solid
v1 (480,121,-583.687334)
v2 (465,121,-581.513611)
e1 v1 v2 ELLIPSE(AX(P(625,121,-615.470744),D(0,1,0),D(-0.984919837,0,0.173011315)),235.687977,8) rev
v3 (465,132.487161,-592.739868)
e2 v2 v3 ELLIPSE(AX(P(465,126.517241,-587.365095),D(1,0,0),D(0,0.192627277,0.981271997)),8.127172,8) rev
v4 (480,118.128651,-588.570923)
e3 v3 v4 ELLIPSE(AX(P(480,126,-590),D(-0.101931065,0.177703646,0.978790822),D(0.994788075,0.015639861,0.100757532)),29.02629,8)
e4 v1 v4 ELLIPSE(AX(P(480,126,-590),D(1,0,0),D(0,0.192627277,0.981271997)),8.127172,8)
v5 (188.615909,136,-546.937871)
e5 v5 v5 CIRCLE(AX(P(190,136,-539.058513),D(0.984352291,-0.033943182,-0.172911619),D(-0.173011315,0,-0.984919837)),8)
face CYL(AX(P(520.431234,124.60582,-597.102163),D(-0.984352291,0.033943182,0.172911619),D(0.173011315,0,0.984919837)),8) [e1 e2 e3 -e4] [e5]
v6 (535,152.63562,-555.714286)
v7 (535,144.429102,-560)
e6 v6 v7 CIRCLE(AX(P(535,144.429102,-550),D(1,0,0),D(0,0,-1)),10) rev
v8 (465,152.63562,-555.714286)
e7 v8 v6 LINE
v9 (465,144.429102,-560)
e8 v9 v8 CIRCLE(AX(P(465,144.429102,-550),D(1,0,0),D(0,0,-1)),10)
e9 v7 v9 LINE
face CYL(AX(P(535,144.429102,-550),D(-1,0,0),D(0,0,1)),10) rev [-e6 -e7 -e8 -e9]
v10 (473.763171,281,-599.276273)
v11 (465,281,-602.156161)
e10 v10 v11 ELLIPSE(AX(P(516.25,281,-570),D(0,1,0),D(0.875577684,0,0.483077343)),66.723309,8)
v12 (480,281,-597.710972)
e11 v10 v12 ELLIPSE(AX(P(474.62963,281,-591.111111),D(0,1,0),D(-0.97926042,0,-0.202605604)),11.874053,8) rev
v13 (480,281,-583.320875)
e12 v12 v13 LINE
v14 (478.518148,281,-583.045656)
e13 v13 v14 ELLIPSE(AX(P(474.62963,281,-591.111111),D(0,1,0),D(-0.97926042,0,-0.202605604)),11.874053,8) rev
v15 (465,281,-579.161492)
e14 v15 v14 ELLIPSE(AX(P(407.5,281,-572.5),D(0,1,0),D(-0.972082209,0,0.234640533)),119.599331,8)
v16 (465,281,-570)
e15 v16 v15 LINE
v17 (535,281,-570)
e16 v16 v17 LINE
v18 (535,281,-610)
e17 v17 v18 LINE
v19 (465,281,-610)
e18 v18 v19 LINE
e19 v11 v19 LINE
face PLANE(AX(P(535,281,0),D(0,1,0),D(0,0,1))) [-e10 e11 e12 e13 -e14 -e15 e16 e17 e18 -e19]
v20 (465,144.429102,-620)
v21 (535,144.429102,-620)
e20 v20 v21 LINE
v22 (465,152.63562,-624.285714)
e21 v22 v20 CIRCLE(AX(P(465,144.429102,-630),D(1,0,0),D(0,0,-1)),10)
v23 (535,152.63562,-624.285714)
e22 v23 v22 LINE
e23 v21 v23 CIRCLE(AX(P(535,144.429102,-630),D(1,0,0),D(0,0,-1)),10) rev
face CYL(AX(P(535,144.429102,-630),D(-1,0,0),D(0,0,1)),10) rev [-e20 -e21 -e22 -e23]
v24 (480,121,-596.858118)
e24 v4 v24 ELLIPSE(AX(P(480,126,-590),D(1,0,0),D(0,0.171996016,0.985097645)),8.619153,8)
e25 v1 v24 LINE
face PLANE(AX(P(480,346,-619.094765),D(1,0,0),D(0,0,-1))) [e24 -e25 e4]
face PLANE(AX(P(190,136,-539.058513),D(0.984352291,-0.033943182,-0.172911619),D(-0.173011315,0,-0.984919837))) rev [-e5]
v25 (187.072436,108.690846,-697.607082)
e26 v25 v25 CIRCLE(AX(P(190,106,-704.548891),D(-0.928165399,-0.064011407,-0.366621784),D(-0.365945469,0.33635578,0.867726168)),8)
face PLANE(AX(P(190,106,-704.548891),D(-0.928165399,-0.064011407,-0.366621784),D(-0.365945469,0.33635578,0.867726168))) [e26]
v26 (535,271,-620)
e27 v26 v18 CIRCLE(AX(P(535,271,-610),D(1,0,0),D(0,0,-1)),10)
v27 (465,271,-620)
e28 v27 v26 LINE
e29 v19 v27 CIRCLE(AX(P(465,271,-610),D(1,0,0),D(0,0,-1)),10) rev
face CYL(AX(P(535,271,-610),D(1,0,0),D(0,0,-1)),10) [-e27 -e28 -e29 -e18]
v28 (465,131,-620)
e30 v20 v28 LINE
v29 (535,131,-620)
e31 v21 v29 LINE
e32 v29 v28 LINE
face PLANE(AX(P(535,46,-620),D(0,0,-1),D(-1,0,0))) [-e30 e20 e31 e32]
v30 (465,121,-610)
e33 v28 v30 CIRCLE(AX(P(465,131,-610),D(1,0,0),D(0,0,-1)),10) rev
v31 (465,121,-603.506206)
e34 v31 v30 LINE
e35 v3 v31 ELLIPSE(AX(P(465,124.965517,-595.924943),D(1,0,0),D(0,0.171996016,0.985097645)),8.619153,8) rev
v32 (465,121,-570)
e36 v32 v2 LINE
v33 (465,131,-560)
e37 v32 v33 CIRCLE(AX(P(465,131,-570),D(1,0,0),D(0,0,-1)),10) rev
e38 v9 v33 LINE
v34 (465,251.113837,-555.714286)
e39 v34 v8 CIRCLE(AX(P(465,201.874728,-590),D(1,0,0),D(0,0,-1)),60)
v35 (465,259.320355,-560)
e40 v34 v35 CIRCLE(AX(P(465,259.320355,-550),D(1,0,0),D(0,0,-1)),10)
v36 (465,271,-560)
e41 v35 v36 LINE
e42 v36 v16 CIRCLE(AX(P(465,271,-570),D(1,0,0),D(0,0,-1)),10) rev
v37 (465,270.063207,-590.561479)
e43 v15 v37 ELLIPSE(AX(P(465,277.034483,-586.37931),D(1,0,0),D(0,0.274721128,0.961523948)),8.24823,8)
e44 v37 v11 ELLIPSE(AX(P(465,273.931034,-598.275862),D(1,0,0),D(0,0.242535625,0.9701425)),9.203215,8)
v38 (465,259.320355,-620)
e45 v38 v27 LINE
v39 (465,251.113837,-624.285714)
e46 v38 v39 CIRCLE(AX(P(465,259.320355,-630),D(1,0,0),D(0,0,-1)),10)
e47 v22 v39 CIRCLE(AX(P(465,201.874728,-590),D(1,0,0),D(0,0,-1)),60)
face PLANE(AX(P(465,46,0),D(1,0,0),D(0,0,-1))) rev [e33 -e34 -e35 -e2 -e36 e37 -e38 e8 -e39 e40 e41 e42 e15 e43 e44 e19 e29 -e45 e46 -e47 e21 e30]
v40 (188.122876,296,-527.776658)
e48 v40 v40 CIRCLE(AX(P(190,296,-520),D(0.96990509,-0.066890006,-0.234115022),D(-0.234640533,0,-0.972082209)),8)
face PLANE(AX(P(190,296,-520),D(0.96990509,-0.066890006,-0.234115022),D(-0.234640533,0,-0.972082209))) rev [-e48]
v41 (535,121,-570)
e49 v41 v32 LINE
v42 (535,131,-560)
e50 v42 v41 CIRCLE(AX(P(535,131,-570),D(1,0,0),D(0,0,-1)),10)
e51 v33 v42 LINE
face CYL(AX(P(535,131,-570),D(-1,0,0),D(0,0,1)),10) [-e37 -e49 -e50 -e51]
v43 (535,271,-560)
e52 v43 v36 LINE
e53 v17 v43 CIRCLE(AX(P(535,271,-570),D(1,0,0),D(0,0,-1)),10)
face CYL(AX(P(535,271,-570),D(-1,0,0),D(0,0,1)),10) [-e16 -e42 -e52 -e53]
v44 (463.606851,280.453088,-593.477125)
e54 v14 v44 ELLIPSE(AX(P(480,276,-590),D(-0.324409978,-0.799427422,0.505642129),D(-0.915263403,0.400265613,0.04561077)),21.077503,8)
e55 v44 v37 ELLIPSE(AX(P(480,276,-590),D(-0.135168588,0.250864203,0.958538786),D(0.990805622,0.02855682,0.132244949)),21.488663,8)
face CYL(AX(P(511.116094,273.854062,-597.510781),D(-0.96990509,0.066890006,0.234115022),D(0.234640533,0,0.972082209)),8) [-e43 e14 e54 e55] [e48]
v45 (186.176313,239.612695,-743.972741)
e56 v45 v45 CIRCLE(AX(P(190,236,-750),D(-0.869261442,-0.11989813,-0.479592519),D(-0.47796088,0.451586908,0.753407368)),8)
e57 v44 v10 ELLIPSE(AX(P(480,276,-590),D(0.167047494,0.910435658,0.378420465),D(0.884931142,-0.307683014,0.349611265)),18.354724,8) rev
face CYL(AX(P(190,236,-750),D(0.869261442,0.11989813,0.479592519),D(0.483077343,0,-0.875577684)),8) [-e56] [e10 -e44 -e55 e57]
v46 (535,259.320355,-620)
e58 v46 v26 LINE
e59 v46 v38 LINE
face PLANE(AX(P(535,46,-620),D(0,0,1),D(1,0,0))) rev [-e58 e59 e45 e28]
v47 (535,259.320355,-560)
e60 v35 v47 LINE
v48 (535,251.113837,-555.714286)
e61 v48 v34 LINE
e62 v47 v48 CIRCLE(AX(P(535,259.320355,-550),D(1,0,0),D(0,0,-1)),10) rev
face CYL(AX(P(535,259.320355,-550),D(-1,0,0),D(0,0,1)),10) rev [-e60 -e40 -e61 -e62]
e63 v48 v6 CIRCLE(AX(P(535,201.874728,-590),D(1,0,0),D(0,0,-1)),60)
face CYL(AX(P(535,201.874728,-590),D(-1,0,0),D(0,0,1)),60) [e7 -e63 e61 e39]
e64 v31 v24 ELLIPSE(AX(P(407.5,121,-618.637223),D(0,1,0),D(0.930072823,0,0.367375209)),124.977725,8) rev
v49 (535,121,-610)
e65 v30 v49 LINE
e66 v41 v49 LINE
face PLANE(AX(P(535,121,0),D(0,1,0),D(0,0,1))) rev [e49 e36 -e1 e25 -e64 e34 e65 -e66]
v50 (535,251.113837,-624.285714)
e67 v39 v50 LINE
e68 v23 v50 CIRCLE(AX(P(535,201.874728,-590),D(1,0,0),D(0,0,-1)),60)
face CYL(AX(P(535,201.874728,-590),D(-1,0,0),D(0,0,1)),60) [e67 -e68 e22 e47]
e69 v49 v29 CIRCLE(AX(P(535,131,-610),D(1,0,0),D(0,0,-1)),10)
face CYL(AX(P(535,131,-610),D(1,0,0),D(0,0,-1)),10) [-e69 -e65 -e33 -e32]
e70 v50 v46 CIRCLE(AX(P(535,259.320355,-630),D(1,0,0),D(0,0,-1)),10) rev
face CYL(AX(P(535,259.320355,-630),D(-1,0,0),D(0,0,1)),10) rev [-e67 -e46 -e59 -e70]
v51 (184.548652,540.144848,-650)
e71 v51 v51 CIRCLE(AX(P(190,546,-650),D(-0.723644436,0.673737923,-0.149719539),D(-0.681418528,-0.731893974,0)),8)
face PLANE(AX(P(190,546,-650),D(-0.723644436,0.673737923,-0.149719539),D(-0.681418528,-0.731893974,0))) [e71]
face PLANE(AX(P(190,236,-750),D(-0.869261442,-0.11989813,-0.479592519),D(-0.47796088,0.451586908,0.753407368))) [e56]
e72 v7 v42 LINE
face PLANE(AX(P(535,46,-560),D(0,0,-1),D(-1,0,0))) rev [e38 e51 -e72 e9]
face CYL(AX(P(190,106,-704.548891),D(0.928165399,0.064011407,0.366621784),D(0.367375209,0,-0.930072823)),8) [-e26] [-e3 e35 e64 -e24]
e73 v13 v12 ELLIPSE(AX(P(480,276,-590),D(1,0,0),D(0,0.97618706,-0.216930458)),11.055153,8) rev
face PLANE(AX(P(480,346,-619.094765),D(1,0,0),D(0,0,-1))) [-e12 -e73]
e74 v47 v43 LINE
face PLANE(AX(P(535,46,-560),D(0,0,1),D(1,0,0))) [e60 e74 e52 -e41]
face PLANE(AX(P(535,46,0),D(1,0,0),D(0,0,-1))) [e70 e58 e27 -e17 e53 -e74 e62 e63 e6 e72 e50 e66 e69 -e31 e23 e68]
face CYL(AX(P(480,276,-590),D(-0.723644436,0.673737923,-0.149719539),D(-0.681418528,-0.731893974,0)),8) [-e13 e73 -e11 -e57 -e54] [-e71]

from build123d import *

# Parameters (mm, degrees)
SWEEP3_PROFILE_R    = 8
SWEEP4_PROFILE_R    = 8
SWEEP6_PROFILE_R    = 8
SKETCH80_W          = 50
SKETCH80_H          = 57.849509876
CUT_EXTRUDE1_DEPTH  = 300
SKETCH81_R          = 60
BOSS_EXTRUDE1_DEPTH = 70
FILLET1_R           = 10


with BuildPart() as part:
    # Sweep3: sweep along a curve in space
    with BuildLine() as sweep3_path:
        Line((480, 230, -590), (190, 190, -750))
        Line((480, 230, -590), (190, 250, -520))
    # Sweep3 profile (on start of the path) → Sweep3 (sweep)
    with BuildSketch(Plane(origin=(190, 250, -520), x_dir=(0.2346405331038965, 0, 0.9720822085732871), z_dir=(0.9699050900314443, -0.06689000620906493, -0.23411502173172755))):
        Circle(SWEEP3_PROFILE_R)
    sweep(path=sweep3_path.line, transition=Transition.RIGHT)

    # Sweep4: sweep along a curve in space
    with BuildLine() as sweep4_path:
        Line((480, 230, -590), (190, 500, -650))
    # Sweep4 profile (on start of the path) → Sweep4 (sweep)
    with BuildSketch(Plane(origin=(480, 230, -590), x_dir=(-0.6814185279188429, -0.7318939744313498, 0), z_dir=(-0.7236444363336271, 0.6737379234830321, -0.1497195385517849))):
        Circle(SWEEP4_PROFILE_R)
    sweep(path=sweep4_path.line)


with BuildPart() as body_2:
    # Sweep6: sweep along a curve in space
    with BuildLine() as sweep6_path:
        Line((480, 80, -590), (190, 90, -539.058512789))
        Line((480, 80, -590), (190, 60, -704.548891224))
    # Sweep6 profile (on start of the path) → Sweep6 (sweep)
    with BuildSketch(Plane(origin=(190, 60, -704.548891224), x_dir=(-0.3673752090170087, 0, 0.9300728228476033), z_dir=(0.9281653987551736, 0.0640114068107016, 0.3666217837932773))):
        Circle(SWEEP6_PROFILE_R)
    sweep(path=sweep6_path.line, transition=Transition.RIGHT)


with BuildPart() as cut_extrude1_tool:
    # Sketch80 → Cut-Extrude1 (new body)
    with BuildSketch(Plane(origin=(0, 0, 0), x_dir=(1, 0, 0), z_dir=(0, 1, 0))):
        with Locations((505, 590.170010545)):
            Rectangle(SKETCH80_W, SKETCH80_H)
    extrude(amount=CUT_EXTRUDE1_DEPTH)


with BuildPart() as part_1:
    add(part.part)

    # Cut-Extrude1: cut by cut_extrude1_tool
    add(cut_extrude1_tool.part, mode=Mode.SUBTRACT)

    # Sketch81 → Boss-Extrude1 (add)
    with BuildSketch(Plane(origin=(465, 0, 0), x_dir=(0, 0, -1), z_dir=(1, 0, 0))):
        with Locations((590, 155.874728278)):
            Circle(SKETCH81_R)
        with BuildLine():
            Line((620, 235), (560, 235))
            Line((560, 235), (560, 207.836252505))
            ThreePointArc((560, 207.836252505), (590, 215.874728278), (620, 207.836252505))
            Line((620, 207.836252505), (620, 235))
        make_face()
        with BuildLine():
            ThreePointArc((620, 103.91320405), (590, 95.874728278), (560, 103.91320405))
            Line((560, 103.91320405), (560, 75))
            Line((560, 75), (620, 75))
            Line((620, 75), (620, 103.91320405))
        make_face()
    extrude(amount=BOSS_EXTRUDE1_DEPTH)

    # Fillet1
    fillet1_edges = [part_1.edges().sort_by_distance(p)[0] for p in [
        (500, 235, -620),
        (500, 103.91320405, -620),
        (500, 207.836252505, -620),
        (500, 235, -560),
        (500, 207.836252505, -560),
        (500, 103.91320405, -560),
        (500, 75, -560),
        (500, 75, -620),
    ]]
    fillet(fillet1_edges, radius=FILLET1_R)


with BuildPart() as body_2_1:
    add(body_2.part)

    # Cut-Extrude1: cut by cut_extrude1_tool
    add(cut_extrude1_tool.part, mode=Mode.SUBTRACT)


with BuildPart() as part_2:
    add(part_1.part)

    # Combine1: union body 2
    add(body_2_1.part)


with BuildPart() as part_3:
    # Body-Move/Copy1: moved
    add(part_2.part.moved(Location((0, 46, 0))))


solid = part_3.part
